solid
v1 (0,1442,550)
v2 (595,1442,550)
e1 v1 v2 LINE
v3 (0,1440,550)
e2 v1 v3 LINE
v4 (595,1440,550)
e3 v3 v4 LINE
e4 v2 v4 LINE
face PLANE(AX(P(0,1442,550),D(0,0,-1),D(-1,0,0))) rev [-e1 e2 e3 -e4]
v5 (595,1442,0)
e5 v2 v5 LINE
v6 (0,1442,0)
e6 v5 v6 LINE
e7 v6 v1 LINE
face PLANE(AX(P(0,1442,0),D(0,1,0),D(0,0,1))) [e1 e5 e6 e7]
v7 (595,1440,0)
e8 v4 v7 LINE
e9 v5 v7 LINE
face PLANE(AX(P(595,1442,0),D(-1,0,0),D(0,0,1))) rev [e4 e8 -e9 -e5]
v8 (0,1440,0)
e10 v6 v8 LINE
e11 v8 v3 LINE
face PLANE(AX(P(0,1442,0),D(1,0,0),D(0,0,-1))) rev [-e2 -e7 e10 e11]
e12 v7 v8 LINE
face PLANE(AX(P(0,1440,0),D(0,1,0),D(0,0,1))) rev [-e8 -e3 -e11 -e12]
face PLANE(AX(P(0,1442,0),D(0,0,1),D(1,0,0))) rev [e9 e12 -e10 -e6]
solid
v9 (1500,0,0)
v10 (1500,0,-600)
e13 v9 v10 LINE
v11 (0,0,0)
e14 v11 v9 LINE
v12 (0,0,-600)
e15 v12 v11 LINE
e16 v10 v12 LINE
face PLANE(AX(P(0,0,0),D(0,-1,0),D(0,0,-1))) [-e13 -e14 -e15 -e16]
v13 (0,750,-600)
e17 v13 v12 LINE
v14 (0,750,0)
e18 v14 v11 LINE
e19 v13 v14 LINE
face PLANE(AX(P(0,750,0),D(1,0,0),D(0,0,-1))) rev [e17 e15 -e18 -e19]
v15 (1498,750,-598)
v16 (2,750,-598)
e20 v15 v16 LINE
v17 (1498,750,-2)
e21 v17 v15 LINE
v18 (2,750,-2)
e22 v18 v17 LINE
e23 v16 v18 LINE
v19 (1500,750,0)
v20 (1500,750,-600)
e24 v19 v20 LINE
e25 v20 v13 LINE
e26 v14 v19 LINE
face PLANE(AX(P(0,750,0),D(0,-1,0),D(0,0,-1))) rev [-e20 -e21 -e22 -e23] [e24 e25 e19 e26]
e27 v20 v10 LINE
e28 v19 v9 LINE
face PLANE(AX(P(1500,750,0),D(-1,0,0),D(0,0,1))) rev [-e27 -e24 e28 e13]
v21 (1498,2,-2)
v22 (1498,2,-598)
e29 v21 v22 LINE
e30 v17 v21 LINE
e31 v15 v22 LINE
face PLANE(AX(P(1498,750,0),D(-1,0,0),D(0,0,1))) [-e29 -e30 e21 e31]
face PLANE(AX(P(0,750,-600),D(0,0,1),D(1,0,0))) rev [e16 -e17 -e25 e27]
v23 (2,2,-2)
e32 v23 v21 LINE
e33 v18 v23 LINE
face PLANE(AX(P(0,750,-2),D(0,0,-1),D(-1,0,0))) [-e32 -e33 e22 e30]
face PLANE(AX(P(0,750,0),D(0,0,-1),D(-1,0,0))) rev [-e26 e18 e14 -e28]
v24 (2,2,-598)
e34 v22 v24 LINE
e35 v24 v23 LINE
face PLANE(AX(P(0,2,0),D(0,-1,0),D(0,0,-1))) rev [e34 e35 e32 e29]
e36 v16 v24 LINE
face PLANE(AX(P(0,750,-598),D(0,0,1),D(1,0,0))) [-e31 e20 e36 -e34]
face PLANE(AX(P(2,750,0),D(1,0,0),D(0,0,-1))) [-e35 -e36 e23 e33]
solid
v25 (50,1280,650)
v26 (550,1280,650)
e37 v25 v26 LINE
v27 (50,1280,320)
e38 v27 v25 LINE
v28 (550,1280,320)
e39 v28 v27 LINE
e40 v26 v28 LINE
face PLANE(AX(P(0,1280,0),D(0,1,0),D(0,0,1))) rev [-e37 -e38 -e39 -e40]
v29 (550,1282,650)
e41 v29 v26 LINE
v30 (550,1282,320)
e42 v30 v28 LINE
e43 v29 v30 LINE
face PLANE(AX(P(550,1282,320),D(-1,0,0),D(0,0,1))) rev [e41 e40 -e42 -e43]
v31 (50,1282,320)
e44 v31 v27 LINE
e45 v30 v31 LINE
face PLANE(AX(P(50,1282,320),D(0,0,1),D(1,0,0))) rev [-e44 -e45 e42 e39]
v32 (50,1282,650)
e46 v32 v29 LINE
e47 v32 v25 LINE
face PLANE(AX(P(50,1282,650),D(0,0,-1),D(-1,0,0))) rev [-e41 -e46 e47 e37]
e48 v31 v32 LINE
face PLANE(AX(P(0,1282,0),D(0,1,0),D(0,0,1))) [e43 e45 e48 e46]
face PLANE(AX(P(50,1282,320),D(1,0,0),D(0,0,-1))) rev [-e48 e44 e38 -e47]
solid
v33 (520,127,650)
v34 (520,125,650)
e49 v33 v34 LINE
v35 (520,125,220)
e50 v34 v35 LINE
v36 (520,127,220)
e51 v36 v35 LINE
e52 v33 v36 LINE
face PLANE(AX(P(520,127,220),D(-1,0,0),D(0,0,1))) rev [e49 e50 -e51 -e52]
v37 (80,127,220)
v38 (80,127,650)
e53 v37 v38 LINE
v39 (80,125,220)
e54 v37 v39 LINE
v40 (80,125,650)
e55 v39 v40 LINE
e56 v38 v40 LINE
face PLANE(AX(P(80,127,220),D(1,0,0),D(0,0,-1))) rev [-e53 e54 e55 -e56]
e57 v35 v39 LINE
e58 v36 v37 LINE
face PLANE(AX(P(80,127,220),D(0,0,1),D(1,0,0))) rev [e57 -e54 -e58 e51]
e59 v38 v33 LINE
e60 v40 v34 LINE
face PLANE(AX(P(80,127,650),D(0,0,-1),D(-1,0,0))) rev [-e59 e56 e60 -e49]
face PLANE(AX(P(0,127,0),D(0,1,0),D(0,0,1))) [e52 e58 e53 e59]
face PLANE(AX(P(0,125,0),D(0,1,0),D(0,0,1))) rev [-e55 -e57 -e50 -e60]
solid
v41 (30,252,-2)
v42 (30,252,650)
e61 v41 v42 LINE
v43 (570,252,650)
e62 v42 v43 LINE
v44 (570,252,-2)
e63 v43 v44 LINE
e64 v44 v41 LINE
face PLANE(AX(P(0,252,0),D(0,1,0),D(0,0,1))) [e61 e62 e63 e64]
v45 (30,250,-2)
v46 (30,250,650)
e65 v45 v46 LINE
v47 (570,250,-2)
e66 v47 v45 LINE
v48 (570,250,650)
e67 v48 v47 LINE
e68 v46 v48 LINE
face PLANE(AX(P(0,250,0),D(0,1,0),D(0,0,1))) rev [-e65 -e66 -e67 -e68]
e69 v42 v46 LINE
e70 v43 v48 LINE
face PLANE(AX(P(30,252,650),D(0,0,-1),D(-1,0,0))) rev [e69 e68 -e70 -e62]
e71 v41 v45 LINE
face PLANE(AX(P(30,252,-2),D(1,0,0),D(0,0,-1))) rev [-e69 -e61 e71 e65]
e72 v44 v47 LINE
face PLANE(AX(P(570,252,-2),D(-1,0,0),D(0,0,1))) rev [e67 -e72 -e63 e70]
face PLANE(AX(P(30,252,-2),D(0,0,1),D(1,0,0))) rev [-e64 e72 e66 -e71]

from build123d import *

# Parameters (mm, degrees)
MASTER_FOOTPRINT_W            = 1500
MASTER_FOOTPRINT_H            = 600
BATH_BASE_PLATE_DEPTH         = 750
BATH_SHELL_2MM_T              = -2
INLET_IMPACT_BAFFLE_START     = 125
SKETCH_1_W                    = 440
SKETCH_1_H                    = 430
INLET_IMPACT_BAFFLE_DEPTH     = 2
OUTLET_SUBMERGED_BAFFLE_START = 1280
SKETCH_3_W                    = 500
SKETCH_3_H                    = 330
OUTLET_SUBMERGED_BAFFLE_DEPTH = 2
OVERFLOW_WEIR_Z550_START      = 1440
SKETCH_4_W                    = 595
SKETCH_4_H                    = 550
OVERFLOW_WEIR_Z550_DEPTH      = 2
DISTRIBUTOR_SOLID_PANEL_START = 250
SKETCH_5_W                    = 540
SKETCH_5_H                    = 652
DISTRIBUTOR_SOLID_PANEL_DEPTH = 2


with BuildPart() as part:
    # MASTER_FOOTPRINT → BATH_BASE_PLATE (new body)
    with BuildSketch(Plane(origin=(0, 0, 0), x_dir=(1, 0, 0), z_dir=(0, 1, 0))):
        with Locations((750, 300)):
            Rectangle(MASTER_FOOTPRINT_W, MASTER_FOOTPRINT_H)
    extrude(amount=BATH_BASE_PLATE_DEPTH)

    # BATH_SHELL_2MM
    bath_shell_2mm_openings = [part.faces().sort_by_distance(p)[0] for p in [
        (750, 750, -300),
    ]]
    offset(amount=BATH_SHELL_2MM_T, openings=bath_shell_2mm_openings, kind=Kind.INTERSECTION)


with BuildPart() as body_2:
    # Эскиз1 → INLET_IMPACT_BAFFLE (new body)
    with BuildSketch(Plane(origin=(0, 0, 0), x_dir=(1, 0, 0), z_dir=(0, 1, 0)).offset(INLET_IMPACT_BAFFLE_START)):
        with Locations((300, -435)):
            Rectangle(SKETCH_1_W, SKETCH_1_H)
    extrude(amount=INLET_IMPACT_BAFFLE_DEPTH)


with BuildPart() as body_3:
    # Эскиз3 → OUTLET_SUBMERGED_BAFFLE (new body)
    with BuildSketch(Plane(origin=(0, 0, 0), x_dir=(1, 0, 0), z_dir=(0, 1, 0)).offset(OUTLET_SUBMERGED_BAFFLE_START)):
        with Locations((300, -485)):
            Rectangle(SKETCH_3_W, SKETCH_3_H)
    extrude(amount=OUTLET_SUBMERGED_BAFFLE_DEPTH)


with BuildPart() as body_4:
    # Эскиз4 → OVERFLOW_WEIR_Z550 (new body)
    with BuildSketch(Plane(origin=(0, 0, 0), x_dir=(1, 0, 0), z_dir=(0, 1, 0)).offset(OVERFLOW_WEIR_Z550_START)):
        with Locations((297.5, -275)):
            Rectangle(SKETCH_4_W, SKETCH_4_H)
    extrude(amount=OVERFLOW_WEIR_Z550_DEPTH)


with BuildPart() as body_5:
    # Эскиз5 → DISTRIBUTOR_SOLID_PANEL (new body)
    with BuildSketch(Plane(origin=(0, 0, 0), x_dir=(1, 0, 0), z_dir=(0, 1, 0)).offset(DISTRIBUTOR_SOLID_PANEL_START)):
        with Locations((300, -324)):
            Rectangle(SKETCH_5_W, SKETCH_5_H)
    extrude(amount=DISTRIBUTOR_SOLID_PANEL_DEPTH)


solid = Compound([part.part, body_2.part, body_3.part, body_4.part, body_5.part])
